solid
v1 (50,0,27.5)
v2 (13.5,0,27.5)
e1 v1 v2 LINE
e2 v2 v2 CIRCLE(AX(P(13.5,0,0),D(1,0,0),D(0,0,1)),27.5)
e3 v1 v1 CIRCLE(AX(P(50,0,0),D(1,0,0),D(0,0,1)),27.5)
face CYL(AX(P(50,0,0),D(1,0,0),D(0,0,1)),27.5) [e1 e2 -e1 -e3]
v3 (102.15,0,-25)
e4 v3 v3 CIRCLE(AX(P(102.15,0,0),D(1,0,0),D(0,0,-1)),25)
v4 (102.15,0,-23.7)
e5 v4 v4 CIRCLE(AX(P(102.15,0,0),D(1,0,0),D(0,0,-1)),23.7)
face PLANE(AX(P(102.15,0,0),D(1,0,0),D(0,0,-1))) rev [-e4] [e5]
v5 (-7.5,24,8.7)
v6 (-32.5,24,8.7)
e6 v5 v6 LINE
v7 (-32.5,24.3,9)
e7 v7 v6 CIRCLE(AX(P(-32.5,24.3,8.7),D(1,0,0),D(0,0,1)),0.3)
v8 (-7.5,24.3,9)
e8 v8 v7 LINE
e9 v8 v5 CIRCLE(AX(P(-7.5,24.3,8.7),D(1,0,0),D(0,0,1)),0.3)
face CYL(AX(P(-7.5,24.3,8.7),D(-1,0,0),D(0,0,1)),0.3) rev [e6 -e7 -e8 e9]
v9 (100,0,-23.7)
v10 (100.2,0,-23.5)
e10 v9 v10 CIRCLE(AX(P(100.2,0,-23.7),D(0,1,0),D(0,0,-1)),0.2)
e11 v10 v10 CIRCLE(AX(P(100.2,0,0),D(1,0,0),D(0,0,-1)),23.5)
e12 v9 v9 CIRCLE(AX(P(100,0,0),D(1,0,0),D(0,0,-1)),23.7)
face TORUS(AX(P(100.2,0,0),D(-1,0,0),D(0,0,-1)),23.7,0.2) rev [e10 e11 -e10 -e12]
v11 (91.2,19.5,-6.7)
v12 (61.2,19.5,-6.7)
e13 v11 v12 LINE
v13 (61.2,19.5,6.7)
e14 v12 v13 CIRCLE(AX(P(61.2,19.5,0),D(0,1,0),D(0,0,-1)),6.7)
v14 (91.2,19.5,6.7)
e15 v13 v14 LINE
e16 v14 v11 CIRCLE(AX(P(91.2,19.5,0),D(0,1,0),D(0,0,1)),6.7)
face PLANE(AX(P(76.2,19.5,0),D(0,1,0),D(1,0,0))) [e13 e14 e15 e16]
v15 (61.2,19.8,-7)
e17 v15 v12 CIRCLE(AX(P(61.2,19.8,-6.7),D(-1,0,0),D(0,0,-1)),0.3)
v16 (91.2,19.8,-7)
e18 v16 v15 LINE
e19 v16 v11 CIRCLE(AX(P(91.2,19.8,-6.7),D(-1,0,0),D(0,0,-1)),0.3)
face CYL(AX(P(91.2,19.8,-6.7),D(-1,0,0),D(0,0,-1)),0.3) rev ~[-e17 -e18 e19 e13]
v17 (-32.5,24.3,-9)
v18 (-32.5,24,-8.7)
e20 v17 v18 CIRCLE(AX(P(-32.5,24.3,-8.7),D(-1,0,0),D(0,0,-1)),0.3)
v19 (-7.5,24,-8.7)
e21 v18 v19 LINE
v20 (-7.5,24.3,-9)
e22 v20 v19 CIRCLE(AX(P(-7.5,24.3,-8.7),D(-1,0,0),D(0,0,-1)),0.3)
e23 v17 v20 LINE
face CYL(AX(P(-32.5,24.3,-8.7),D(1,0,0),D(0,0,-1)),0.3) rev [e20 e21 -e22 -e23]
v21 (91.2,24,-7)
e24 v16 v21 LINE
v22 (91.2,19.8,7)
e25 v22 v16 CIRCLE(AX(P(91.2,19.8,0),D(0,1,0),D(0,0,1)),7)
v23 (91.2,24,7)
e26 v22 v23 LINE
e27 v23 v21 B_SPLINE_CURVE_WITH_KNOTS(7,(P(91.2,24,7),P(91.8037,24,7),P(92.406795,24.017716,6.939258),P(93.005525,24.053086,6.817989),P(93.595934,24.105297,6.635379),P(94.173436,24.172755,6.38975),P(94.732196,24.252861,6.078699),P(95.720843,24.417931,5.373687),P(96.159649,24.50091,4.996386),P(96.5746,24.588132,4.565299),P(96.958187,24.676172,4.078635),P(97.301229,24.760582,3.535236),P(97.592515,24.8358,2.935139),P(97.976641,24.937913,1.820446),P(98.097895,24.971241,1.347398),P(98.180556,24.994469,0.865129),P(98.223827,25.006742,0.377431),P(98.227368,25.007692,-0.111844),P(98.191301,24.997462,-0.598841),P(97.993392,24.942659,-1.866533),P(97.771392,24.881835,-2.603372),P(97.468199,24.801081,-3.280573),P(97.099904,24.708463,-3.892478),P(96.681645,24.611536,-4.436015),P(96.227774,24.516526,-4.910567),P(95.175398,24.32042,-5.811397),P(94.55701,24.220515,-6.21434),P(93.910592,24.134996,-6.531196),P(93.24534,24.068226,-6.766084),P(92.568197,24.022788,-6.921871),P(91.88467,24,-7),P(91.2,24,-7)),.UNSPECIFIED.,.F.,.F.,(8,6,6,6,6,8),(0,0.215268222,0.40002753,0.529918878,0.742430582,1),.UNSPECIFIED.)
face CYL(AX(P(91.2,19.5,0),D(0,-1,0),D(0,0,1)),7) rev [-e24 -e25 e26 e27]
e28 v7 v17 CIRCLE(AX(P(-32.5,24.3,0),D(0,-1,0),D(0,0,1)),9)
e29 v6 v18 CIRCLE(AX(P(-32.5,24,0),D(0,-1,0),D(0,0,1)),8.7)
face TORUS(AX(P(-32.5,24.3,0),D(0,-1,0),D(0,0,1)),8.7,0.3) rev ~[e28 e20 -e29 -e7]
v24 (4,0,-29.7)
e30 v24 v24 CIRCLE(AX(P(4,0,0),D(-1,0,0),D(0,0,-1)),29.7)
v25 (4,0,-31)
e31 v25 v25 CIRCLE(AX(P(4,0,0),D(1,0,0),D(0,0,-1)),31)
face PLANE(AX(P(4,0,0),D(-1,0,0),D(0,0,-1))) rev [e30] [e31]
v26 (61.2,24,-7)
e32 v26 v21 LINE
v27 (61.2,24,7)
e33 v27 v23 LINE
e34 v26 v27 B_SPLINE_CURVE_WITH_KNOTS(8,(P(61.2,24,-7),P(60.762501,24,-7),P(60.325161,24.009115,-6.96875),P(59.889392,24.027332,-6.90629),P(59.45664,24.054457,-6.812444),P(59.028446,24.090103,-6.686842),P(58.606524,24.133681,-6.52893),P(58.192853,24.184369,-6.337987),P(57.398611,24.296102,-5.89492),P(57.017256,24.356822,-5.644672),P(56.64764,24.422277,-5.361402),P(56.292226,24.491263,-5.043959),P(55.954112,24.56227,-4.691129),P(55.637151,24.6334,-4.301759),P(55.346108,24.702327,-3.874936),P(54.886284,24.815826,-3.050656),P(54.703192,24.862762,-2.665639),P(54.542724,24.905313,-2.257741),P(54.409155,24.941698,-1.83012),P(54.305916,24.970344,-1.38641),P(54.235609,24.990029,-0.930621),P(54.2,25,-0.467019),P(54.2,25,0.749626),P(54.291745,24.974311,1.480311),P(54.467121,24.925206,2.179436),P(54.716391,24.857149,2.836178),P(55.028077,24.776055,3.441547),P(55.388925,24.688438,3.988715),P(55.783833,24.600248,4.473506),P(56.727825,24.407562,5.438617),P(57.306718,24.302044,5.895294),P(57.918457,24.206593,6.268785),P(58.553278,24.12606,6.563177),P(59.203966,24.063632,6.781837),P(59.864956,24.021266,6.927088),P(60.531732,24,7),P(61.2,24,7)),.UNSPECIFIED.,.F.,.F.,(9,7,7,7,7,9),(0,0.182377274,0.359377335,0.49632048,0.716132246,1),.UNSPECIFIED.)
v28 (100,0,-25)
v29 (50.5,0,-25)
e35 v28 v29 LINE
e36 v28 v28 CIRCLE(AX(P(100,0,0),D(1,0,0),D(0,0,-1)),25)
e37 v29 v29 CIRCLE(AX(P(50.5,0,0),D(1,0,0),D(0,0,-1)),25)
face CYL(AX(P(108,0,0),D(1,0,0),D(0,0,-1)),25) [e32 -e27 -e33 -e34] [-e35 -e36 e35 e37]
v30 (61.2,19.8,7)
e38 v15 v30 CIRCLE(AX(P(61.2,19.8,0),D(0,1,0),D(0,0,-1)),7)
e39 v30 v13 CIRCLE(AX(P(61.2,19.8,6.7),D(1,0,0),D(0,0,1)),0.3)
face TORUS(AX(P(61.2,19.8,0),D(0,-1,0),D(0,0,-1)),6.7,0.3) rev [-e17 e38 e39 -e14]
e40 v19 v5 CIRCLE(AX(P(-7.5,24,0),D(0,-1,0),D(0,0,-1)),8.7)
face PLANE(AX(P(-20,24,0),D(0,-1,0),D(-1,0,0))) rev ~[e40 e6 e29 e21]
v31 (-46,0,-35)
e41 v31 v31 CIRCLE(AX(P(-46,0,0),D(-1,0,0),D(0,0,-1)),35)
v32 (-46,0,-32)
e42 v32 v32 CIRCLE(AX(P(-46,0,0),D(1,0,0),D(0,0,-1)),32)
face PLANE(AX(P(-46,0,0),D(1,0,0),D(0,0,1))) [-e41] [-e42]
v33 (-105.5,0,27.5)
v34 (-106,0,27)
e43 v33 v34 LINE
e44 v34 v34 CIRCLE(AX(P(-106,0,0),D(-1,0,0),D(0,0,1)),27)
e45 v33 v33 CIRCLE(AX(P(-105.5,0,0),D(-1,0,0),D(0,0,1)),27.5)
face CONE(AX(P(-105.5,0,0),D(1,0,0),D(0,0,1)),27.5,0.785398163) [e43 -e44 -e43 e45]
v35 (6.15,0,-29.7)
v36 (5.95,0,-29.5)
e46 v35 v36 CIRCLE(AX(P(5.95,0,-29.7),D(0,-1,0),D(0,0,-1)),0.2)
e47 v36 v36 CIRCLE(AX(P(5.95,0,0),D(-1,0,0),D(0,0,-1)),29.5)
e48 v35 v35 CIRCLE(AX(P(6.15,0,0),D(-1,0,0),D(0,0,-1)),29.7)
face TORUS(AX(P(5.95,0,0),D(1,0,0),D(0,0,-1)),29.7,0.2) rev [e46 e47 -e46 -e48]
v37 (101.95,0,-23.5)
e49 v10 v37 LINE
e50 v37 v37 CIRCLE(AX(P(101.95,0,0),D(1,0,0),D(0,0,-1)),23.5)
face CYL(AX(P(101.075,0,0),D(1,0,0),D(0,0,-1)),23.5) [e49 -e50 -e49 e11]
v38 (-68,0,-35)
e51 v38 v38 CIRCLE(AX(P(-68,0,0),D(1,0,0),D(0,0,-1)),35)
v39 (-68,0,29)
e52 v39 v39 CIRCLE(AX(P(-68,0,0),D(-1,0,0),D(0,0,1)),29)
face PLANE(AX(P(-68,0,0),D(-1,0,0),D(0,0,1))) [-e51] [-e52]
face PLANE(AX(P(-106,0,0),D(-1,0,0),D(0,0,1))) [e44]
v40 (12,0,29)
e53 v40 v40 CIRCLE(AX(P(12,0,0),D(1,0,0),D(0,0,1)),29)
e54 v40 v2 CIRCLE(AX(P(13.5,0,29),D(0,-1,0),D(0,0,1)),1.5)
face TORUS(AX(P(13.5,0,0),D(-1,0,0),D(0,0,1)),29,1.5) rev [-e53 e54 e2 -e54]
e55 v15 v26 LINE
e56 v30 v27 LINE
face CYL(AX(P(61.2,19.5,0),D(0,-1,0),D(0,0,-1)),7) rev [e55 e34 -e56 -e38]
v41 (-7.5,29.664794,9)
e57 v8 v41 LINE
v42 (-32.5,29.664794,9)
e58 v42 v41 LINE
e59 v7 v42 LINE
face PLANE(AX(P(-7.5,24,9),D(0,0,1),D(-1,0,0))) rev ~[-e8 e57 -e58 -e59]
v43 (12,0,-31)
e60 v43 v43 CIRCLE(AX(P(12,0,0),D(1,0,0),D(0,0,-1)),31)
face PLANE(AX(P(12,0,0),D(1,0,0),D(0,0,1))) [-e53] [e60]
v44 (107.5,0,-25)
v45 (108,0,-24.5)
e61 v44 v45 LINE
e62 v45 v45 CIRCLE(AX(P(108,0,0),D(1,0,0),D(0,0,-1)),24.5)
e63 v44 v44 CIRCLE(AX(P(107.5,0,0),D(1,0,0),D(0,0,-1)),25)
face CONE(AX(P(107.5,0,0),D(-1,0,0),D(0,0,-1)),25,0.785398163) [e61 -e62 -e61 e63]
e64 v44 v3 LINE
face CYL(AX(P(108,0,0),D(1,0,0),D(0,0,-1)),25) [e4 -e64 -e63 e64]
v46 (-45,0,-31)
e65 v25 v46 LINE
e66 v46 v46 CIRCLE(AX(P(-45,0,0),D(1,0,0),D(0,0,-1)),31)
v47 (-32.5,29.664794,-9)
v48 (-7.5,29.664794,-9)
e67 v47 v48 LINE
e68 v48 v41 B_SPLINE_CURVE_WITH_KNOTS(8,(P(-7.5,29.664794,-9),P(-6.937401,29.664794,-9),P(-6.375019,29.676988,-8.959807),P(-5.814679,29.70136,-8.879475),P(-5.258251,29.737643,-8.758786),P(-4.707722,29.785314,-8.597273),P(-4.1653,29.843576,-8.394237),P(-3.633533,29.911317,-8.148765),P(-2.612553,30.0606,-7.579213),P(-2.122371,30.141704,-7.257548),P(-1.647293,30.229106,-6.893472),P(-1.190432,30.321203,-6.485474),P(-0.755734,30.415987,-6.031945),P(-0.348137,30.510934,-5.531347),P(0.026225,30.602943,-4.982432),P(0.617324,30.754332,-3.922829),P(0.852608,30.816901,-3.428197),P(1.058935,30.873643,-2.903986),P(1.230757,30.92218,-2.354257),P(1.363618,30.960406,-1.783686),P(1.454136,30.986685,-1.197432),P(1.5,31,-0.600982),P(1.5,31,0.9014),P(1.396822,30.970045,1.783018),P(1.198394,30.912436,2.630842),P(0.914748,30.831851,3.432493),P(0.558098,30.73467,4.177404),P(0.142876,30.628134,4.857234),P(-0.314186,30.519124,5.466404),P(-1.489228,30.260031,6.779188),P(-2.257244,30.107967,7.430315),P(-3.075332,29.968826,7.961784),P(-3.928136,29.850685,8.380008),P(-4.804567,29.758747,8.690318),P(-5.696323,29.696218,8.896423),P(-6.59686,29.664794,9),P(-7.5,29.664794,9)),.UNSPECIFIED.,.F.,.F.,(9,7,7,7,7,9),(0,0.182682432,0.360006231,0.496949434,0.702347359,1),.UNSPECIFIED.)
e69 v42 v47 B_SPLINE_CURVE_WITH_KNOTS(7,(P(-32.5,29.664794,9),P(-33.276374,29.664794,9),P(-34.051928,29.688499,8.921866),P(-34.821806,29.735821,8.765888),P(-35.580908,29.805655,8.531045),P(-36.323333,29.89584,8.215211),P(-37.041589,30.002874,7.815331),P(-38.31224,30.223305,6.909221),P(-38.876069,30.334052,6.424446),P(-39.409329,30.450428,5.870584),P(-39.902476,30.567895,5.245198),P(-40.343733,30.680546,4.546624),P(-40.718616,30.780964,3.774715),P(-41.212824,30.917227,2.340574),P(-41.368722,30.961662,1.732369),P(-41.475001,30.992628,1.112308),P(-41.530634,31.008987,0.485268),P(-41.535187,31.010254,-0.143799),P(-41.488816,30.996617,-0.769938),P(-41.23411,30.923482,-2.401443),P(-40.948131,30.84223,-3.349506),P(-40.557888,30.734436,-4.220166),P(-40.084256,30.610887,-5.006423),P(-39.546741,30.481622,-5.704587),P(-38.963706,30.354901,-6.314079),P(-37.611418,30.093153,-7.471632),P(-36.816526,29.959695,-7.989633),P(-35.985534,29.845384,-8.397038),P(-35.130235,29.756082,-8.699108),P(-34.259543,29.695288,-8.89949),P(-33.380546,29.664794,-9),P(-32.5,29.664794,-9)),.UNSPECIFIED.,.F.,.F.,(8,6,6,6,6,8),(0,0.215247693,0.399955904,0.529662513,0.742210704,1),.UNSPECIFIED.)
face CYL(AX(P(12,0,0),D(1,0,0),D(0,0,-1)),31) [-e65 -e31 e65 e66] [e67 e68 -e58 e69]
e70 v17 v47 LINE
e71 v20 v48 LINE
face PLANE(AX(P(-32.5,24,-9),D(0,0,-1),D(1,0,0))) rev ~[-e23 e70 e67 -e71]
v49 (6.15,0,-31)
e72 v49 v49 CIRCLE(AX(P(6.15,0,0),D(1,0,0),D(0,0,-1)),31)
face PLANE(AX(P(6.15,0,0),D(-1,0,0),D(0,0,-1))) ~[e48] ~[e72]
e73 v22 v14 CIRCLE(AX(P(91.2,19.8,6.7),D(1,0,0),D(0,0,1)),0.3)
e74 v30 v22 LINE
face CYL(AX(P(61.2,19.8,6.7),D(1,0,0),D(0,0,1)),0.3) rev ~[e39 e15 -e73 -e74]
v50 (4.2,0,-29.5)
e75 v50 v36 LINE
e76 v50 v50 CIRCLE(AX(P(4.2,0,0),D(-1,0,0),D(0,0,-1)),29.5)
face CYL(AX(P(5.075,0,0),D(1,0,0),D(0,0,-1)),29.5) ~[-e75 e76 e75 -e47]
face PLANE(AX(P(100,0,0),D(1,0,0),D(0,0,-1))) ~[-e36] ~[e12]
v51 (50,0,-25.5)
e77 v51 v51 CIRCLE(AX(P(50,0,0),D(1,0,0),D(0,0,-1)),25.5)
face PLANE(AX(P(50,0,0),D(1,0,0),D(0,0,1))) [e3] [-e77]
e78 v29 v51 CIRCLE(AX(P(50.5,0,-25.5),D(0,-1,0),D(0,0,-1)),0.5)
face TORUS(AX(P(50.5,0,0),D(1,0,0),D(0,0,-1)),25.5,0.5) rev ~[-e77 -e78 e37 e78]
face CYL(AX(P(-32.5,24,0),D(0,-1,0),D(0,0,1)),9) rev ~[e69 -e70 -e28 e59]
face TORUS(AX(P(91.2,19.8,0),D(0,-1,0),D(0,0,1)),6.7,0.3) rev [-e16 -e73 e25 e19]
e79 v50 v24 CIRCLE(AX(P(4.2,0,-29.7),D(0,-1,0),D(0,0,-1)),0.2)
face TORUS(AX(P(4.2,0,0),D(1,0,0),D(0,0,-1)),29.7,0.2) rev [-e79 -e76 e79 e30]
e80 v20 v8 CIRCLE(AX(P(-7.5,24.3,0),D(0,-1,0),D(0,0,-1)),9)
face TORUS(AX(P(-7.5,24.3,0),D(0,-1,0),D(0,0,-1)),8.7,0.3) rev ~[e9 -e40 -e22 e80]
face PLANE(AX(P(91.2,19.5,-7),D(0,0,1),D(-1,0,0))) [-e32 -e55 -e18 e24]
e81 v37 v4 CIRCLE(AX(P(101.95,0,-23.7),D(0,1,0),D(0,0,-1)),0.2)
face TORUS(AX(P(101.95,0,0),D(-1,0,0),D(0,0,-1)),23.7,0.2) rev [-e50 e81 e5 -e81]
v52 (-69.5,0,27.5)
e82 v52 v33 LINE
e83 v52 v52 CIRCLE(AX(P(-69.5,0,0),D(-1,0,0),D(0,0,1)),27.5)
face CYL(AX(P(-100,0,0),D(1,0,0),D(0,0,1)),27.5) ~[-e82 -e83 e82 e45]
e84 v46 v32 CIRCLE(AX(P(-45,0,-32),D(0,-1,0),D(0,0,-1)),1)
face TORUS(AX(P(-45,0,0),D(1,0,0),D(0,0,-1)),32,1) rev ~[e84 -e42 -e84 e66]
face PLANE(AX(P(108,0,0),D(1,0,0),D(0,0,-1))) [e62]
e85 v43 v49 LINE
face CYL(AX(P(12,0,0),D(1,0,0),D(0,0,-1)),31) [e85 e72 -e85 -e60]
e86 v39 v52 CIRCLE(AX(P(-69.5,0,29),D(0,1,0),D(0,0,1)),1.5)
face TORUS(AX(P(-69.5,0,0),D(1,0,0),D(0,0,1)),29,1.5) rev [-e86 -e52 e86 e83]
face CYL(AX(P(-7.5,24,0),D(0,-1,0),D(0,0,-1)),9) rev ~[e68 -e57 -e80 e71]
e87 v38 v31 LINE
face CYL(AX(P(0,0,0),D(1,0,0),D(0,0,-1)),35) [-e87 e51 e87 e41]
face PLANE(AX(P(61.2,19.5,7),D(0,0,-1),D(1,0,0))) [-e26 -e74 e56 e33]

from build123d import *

# Parameters (mm, degrees)
SKETCH1_R               = 35
BOSS_EXTRUDE1_DEPTH     = 100
CUT_EXTRUDE1_START      = -32
SKETCH2_R               = 35
SKETCH2_R_2             = 27.5
CUT_EXTRUDE1_DEPTH      = 32
SKETCH3_R               = 35
SKETCH3_R_2             = 25
CUT_EXTRUDE2_DEPTH      = 58
SKETCH4_R               = 35
SKETCH4_R_2             = 27.5
CUT_EXTRUDE3_DEPTH      = 30
SKETCH5_R               = 35
SKETCH5_R_2             = 31
CUT_EXTRUDE4_DEPTH      = 58
FILLET1_R               = 1.5
FILLET4_R               = 1
SKETCH9_W               = 2.15
SKETCH9_H               = 3.572537074
FILLET8_R               = 0.2
CUT_EXTRUDE5_REACH      = 137.58
CUT_EXTRUDE5_END_RADIUS = 31
CUT_EXTRUDE5_START      = 24
SKETCH12_R              = 27.5
BOSS_EXTRUDE2_DEPTH     = 6
CHAMFER1_SIZE           = 0.5
BOSS_EXTRUDE3_START     = 8
SKETCH13_R              = 25
BOSS_EXTRUDE3_DEPTH     = 8
BOSS_EXTRUDE4_START     = 8
SKETCH15_R              = 27.5
BOSS_EXTRUDE4_DEPTH     = 8
SKETCH17_W              = 2.15
SKETCH17_H              = 3.433633372
FILLET9_R               = 0.2
CHAMFER2_SIZE           = 0.5
CUT_EXTRUDE6_REACH      = 140.302
CUT_EXTRUDE6_END_RADIUS = 25
CUT_EXTRUDE6_START      = 19.5
FILLET10_R              = 0.3
FILLET11_R              = 0.5


with BuildPart() as part:
    # Sketch1 → Boss-Extrude1 (new, symmetric)
    with BuildSketch(Plane(origin=(0, 0, 0), x_dir=(0, 0, -1), z_dir=(1, 0, 0))):
        Circle(SKETCH1_R)
    extrude(amount=BOSS_EXTRUDE1_DEPTH, both=True)

    # Sketch2 → Cut-Extrude1 (cut)
    with BuildSketch(Plane.ZY.offset(100).offset(CUT_EXTRUDE1_START)):
        Circle(SKETCH2_R)
        Circle(SKETCH2_R_2, mode=Mode.SUBTRACT)
    extrude(amount=CUT_EXTRUDE1_DEPTH, mode=Mode.SUBTRACT)

    # Sketch3 → Cut-Extrude2 (cut)
    with BuildSketch(Plane(origin=(100, 0, 0), x_dir=(0, 0, -1), z_dir=(1, 0, 0))):
        with Locations(Location((0, 0, 0), (0, 0, 180))):
            Circle(SKETCH3_R)
        Circle(SKETCH3_R_2, mode=Mode.SUBTRACT)
    extrude(amount=-CUT_EXTRUDE2_DEPTH, mode=Mode.SUBTRACT)

    # Sketch4 → Cut-Extrude3 (cut)
    with BuildSketch(Plane(origin=(42, 0, 0), x_dir=(0, 0, -1), z_dir=(1, 0, 0))):
        with Locations(Location((0, 0, 0), (0, 0, 180))):
            Circle(SKETCH4_R)
        with Locations(Location((0, 0, 0), (0, 0, 180))):
            Circle(SKETCH4_R_2, mode=Mode.SUBTRACT)
    extrude(amount=-CUT_EXTRUDE3_DEPTH, mode=Mode.SUBTRACT)

    # Sketch5 → Cut-Extrude4 (cut)
    with BuildSketch(Plane(origin=(12, 0, 0), x_dir=(0, 0, -1), z_dir=(1, 0, 0))):
        with Locations(Location((0, 0, 0), (0, 0, 180))):
            Circle(SKETCH5_R)
        Circle(SKETCH5_R_2, mode=Mode.SUBTRACT)
    extrude(amount=-CUT_EXTRUDE4_DEPTH, mode=Mode.SUBTRACT)

    # Fillet1
    fillet1_edges = [part.edges().sort_by_distance(p)[0] for p in [
        (12, 0, -27.5),
        (-68, 0, -27.5),
    ]]
    fillet(fillet1_edges, radius=FILLET1_R)

    # Fillet4
    fillet4_edges = [part.edges().sort_by_distance(p)[0] for p in [
        (-46, 0, 31),
    ]]
    fillet(fillet4_edges, radius=FILLET4_R)

    # Sketch9 → Cut-Revolve4 (revolve, cut)
    with BuildSketch(Plane.XY, mode=Mode.PRIVATE) as cut_revolve4_sk:
        with Locations((5.075, 31.286268537)):
            Rectangle(SKETCH9_W, SKETCH9_H)
    revolve(cut_revolve4_sk.sketch.rotate(Axis((0, 0, 0), (-1, 0, 0)), 90), axis=Axis((0, 0, 0), (-1, 0, 0)), mode=Mode.SUBTRACT)

    # Fillet8
    fillet8_edges = [part.edges().sort_by_distance(p)[0] for p in [
        (4, 0, 29.5),
        (6.15, 0, 29.5),
    ]]
    fillet(fillet8_edges, radius=FILLET8_R)

    # Cut-Extrude5: up to this cylinder (the profile starts inside it)
    cut_extrude5_end = Plane(origin=(-20, 0, 0), z_dir=(1, 0, 0)) * Cylinder(CUT_EXTRUDE5_END_RADIUS, 338.16, mode=Mode.PRIVATE)
    # Sketch10 → Cut-Extrude5 (cut, up to the surface)
    with BuildSketch(Plane(origin=(0, 0, 0), x_dir=(1, 0, 0), z_dir=(0, 1, 0)).offset(CUT_EXTRUDE5_START), mode=Mode.PRIVATE) as cut_extrude5_sk1:
        with BuildLine():
            Line((-7.5, -9), (-32.5, -9))
            ThreePointArc((-32.5, -9), (-41.5, 0), (-32.5, 9))
            Line((-32.5, 9), (-7.5, 9))
            ThreePointArc((-7.5, 9), (1.5, 0), (-7.5, -9))
        make_face()
    cut_extrude5_tool1 = extrude(cut_extrude5_sk1.sketch, amount=CUT_EXTRUDE5_REACH, mode=Mode.PRIVATE) & cut_extrude5_end
    add(cut_extrude5_tool1.solids().sort_by_distance((-20, 24, 0))[0], mode=Mode.SUBTRACT)

    # Sketch12 → Boss-Extrude2 (add)
    with BuildSketch(Plane.ZY.offset(100)):
        Circle(SKETCH12_R)
    extrude(amount=BOSS_EXTRUDE2_DEPTH)

    # Chamfer1
    chamfer1_edges = [part.edges().sort_by_distance(p)[0] for p in [
        (-106, 0, -27.5),
    ]]
    chamfer(chamfer1_edges, length=CHAMFER1_SIZE)

    # Sketch13 → Boss-Extrude3 (add)
    with BuildSketch(Plane(origin=(100, 0, 0), x_dir=(0, 0, -1), z_dir=(1, 0, 0)).offset(BOSS_EXTRUDE3_START)):
        Circle(SKETCH13_R)
    extrude(amount=-BOSS_EXTRUDE3_DEPTH)

    # Sketch15 → Boss-Extrude4 (add)
    with BuildSketch(Plane(origin=(42, 0, 0), x_dir=(0, 0, -1), z_dir=(1, 0, 0)).offset(BOSS_EXTRUDE4_START)):
        with Locations(Location((0, 0, 0), (0, 0, 180))):
            Circle(SKETCH15_R)
    extrude(amount=-BOSS_EXTRUDE4_DEPTH)

    # Sketch17 → Cut-Revolve5 (revolve, cut)
    with BuildSketch(Plane.XY, mode=Mode.PRIVATE) as cut_revolve5_sk:
        with Locations((101.075, 25.216816686)):
            Rectangle(SKETCH17_W, SKETCH17_H)
    revolve(cut_revolve5_sk.sketch.rotate(Axis((80.697910844, 0, 0), (1, 0, 0)), 270), axis=Axis((80.697910844, 0, 0), (1, 0, 0)), mode=Mode.SUBTRACT)

    # Fillet9
    fillet9_edges = [part.edges().sort_by_distance(p)[0] for p in [
        (100, 0, 23.5),
        (102.15, 0, 23.5),
    ]]
    fillet(fillet9_edges, radius=FILLET9_R)

    # Chamfer2
    chamfer2_edges = [part.edges().sort_by_distance(p)[0] for p in [
        (108, 0, 25),
    ]]
    chamfer(chamfer2_edges, length=CHAMFER2_SIZE)

    # Cut-Extrude6: up to this cylinder (the profile starts inside it)
    cut_extrude6_end = Plane(origin=(76.2, 0, 0), z_dir=(1, 0, 0)) * Cylinder(CUT_EXTRUDE6_END_RADIUS, 331.604, mode=Mode.PRIVATE)
    # Sketch18 → Cut-Extrude6 (cut, up to the surface)
    with BuildSketch(Plane(origin=(0, 0, 0), x_dir=(1, 0, 0), z_dir=(0, 1, 0)).offset(CUT_EXTRUDE6_START), mode=Mode.PRIVATE) as cut_extrude6_sk1:
        with BuildLine():
            Line((61.2, -7), (91.2, -7))
            ThreePointArc((91.2, -7), (98.2, 0), (91.2, 7))
            Line((91.2, 7), (61.2, 7))
            ThreePointArc((61.2, 7), (54.2, 0), (61.2, -7))
        make_face()
    cut_extrude6_tool1 = extrude(cut_extrude6_sk1.sketch, amount=CUT_EXTRUDE6_REACH, mode=Mode.PRIVATE) & cut_extrude6_end
    add(cut_extrude6_tool1.solids().sort_by_distance((76.2, 19.5, 0))[0], mode=Mode.SUBTRACT)

    # Fillet10
    fillet10_edges = [part.edges().sort_by_distance(p)[0] for p in [
        (98.2, 19.5, 0),
        (76.2, 19.5, -7),
        (54.2, 19.5, 0),
        (76.2, 19.5, 7),
        (-41.5, 24, 0),
        (-20, 24, 9),
        (1.5, 24, 0),
        (-20, 24, -9),
    ]]
    fillet(fillet10_edges, radius=FILLET10_R)

    # Fillet11
    fillet11_edges = [part.edges().sort_by_distance(p)[0] for p in [
        (50, 0, 25),
    ]]
    fillet(fillet11_edges, radius=FILLET11_R)


solid = part.part
